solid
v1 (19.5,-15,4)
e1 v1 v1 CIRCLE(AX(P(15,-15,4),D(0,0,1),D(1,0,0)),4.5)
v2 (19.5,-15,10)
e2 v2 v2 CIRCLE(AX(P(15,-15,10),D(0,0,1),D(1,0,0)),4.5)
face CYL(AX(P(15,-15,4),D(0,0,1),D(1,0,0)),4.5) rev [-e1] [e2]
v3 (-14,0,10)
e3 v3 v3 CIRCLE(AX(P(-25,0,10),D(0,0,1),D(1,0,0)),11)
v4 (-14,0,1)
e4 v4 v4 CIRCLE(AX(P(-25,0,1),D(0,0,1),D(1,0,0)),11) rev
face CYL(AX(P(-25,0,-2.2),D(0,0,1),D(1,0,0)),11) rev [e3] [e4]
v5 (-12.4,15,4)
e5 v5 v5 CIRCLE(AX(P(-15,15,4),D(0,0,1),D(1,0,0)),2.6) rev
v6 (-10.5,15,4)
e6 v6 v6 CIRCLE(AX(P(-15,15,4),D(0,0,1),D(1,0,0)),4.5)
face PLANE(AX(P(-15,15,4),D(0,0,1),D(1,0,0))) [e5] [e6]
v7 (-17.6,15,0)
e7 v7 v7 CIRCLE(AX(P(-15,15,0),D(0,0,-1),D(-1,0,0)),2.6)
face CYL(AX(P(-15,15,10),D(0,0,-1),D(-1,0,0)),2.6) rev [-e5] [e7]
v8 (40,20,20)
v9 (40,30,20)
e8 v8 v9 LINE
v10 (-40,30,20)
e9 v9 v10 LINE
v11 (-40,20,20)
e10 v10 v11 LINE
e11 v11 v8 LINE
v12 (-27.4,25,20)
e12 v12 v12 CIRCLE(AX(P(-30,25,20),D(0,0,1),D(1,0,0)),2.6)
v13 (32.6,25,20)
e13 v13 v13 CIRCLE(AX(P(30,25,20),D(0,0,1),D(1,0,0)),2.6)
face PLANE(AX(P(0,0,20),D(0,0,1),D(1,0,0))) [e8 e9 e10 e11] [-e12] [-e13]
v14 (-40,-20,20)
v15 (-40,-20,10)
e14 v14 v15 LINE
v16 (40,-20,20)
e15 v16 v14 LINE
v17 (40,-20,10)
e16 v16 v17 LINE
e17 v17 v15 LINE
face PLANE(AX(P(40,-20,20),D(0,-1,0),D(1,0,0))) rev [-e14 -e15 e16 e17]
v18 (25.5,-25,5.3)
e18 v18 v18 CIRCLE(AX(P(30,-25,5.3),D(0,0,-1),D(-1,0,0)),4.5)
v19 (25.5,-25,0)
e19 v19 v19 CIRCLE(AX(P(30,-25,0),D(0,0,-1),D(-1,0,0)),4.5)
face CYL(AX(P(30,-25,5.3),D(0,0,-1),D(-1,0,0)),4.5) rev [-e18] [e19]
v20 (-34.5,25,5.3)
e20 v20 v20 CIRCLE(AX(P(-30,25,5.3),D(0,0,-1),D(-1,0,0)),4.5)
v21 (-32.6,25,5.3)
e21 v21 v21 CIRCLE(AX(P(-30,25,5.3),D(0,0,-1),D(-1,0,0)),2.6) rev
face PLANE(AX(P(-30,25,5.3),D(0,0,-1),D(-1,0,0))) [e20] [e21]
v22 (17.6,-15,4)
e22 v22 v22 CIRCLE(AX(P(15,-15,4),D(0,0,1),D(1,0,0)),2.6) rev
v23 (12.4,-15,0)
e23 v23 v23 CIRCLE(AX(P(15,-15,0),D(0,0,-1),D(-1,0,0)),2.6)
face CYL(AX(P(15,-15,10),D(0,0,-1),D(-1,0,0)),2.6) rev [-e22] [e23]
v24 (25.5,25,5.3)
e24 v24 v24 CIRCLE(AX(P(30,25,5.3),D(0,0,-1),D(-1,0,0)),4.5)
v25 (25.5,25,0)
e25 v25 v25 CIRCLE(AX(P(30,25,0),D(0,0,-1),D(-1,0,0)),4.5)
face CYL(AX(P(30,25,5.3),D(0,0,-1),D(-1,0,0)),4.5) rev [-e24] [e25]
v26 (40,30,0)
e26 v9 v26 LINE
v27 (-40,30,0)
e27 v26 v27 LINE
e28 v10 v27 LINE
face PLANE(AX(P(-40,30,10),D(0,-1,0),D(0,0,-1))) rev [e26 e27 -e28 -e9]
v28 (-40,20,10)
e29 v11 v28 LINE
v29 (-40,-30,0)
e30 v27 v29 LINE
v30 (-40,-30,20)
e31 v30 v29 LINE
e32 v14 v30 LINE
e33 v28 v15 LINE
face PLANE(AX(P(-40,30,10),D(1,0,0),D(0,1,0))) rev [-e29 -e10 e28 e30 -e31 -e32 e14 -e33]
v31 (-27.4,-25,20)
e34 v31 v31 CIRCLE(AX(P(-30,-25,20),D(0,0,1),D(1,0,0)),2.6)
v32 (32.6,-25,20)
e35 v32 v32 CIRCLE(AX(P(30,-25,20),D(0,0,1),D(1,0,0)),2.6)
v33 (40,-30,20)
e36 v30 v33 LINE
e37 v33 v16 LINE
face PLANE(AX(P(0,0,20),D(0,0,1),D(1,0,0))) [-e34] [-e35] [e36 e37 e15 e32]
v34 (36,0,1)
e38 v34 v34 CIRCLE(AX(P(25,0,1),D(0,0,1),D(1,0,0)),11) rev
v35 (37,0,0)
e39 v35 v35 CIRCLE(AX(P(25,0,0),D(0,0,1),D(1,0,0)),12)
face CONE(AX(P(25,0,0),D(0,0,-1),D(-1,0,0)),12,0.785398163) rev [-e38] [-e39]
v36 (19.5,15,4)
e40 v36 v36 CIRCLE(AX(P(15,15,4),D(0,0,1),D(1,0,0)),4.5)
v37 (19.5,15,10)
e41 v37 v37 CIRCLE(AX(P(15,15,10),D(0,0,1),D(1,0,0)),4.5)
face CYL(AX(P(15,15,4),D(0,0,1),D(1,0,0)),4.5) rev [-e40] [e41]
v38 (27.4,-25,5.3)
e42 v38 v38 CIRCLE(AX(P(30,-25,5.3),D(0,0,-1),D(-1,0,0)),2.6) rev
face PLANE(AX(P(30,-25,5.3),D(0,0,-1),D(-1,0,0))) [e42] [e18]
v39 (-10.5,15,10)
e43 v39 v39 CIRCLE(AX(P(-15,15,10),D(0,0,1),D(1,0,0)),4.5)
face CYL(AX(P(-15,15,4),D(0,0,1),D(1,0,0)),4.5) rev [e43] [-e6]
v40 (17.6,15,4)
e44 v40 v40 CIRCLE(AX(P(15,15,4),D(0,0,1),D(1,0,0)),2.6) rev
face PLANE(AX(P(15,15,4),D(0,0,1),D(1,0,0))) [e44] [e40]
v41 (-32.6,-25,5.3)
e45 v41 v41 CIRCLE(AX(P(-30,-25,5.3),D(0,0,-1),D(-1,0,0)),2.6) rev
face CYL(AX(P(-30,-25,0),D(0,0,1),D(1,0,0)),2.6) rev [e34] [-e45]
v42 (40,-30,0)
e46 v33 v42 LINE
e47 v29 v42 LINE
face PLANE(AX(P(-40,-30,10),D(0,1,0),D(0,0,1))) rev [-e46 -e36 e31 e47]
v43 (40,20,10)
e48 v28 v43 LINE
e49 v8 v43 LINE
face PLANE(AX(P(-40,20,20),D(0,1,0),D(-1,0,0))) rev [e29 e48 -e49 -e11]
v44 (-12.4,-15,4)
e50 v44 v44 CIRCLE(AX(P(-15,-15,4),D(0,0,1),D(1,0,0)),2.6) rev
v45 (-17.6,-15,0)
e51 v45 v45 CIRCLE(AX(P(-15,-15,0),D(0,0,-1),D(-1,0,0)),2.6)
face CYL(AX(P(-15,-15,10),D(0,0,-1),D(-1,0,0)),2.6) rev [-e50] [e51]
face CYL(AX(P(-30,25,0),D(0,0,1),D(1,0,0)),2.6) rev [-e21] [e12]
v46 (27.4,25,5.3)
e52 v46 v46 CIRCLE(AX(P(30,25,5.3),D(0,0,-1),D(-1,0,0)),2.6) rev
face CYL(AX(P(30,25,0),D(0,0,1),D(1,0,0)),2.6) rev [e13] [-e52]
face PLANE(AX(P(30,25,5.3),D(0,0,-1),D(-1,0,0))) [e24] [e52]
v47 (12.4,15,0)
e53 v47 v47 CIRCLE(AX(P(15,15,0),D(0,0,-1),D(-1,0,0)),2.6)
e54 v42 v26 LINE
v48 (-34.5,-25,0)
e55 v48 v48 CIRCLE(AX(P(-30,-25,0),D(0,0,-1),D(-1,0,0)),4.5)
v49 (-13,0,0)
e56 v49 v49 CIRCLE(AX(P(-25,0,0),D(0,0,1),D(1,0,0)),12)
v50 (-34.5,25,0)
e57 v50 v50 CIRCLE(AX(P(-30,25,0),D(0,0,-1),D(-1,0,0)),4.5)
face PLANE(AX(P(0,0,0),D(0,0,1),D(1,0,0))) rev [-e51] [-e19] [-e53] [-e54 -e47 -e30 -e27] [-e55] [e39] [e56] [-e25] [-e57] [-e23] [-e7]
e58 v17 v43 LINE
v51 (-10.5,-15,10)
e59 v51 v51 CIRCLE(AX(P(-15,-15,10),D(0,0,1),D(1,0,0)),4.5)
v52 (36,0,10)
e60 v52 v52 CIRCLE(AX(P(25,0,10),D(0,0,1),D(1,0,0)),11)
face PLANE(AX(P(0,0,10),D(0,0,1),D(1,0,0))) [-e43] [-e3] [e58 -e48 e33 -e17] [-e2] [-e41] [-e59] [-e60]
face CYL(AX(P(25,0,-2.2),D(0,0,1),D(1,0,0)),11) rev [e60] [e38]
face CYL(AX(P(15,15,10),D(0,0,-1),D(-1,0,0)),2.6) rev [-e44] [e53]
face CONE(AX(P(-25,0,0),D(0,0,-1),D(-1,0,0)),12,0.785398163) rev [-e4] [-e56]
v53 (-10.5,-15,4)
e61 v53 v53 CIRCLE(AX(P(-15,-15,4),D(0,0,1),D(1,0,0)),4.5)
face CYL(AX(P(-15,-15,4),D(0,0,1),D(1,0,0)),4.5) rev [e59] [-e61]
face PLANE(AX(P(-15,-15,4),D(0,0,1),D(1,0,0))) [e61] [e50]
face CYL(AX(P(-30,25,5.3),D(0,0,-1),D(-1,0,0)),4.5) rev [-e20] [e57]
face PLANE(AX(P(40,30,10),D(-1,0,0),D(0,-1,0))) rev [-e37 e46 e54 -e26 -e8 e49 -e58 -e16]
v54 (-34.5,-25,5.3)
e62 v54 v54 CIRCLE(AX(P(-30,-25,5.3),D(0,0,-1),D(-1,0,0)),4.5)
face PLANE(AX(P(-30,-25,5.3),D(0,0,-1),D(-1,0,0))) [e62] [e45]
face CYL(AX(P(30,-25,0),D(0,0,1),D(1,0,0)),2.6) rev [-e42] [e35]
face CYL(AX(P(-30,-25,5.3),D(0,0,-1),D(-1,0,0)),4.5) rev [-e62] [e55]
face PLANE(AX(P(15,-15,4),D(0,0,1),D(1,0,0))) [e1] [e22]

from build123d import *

# Parameters (mm, degrees)
SKIZZE1_W                       = 80
SKIZZE1_H                       = 60
AUFSATZ_LINEAR_AUSTRAGEN1_DEPTH = 10
SKIZZE2_W                       = 80
SKIZZE2_H                       = 10
AUFSATZ_LINEAR_AUSTRAGEN2_DEPTH = 10
SKIZZE5_R                       = 2.6
SCHNITT_LINEAR_AUSTRAGEN3_DEPTH = 20
SKIZZE6_R                       = 11
SCHNITT_LINEAR_AUSTRAGEN4_DEPTH = 12.2
FASE1_SIZE                      = 1
SKIZZE7_R                       = 4.5
SCHNITT_LINEAR_AUSTRAGEN5_DEPTH = 5.3
SKIZZE8_R                       = 2.6
SCHNITT_LINEAR_AUSTRAGEN6_DEPTH = 10
SKIZZE9_R                       = 4.5
SCHNITT_LINEAR_AUSTRAGEN7_DEPTH = 6


with BuildPart() as part:
    # Skizze1 → Aufsatz-Linear austragen1 (new body)
    with BuildSketch(Plane.XY):
        Rectangle(SKIZZE1_W, SKIZZE1_H)
    extrude(amount=AUFSATZ_LINEAR_AUSTRAGEN1_DEPTH)

    # Skizze2 → Aufsatz-Linear austragen2 (add)
    with BuildSketch(Plane.XY.offset(10)):
        with Locations((0, 25)):
            Rectangle(SKIZZE2_W, SKIZZE2_H)
        with Locations((0, -25)):
            Rectangle(SKIZZE2_W, SKIZZE2_H)
    extrude(amount=AUFSATZ_LINEAR_AUSTRAGEN2_DEPTH)

    # Skizze5 → Schnitt-Linear austragen3 (cut)
    with BuildSketch(Plane.XY.offset(20)):
        with Locations((30, 25)):
            Circle(SKIZZE5_R)
        with Locations((-30, 25)):
            Circle(SKIZZE5_R)
        with Locations((-30, -25)):
            Circle(SKIZZE5_R)
        with Locations((30, -25)):
            Circle(SKIZZE5_R)
    extrude(amount=-SCHNITT_LINEAR_AUSTRAGEN3_DEPTH, mode=Mode.SUBTRACT)

    # Skizze6 → Schnitt-Linear austragen4 (cut)
    with BuildSketch(Plane.XY.offset(10)):
        with Locations((-25, 0)):
            Circle(SKIZZE6_R)
        with Locations((25, 0)):
            Circle(SKIZZE6_R)
    extrude(amount=-SCHNITT_LINEAR_AUSTRAGEN4_DEPTH, mode=Mode.SUBTRACT)

    # Fase1
    fase1_edges = [part.edges().sort_by_distance(p)[0] for p in [
        (-36, 0, 0),
        (14, 0, 0),
    ]]
    chamfer(fase1_edges, length=FASE1_SIZE)

    # Skizze7 → Schnitt-Linear austragen5 (cut)
    with BuildSketch(Plane(origin=(0, 0, 0), x_dir=(-1, 0, 0), z_dir=(0, 0, -1))):
        with Locations((-30, 25)):
            Circle(SKIZZE7_R)
        with Locations((30, 25)):
            Circle(SKIZZE7_R)
        with Locations((30, -25)):
            Circle(SKIZZE7_R)
        with Locations((-30, -25)):
            Circle(SKIZZE7_R)
    extrude(amount=-SCHNITT_LINEAR_AUSTRAGEN5_DEPTH, mode=Mode.SUBTRACT)

    # Skizze8 → Schnitt-Linear austragen6 (cut)
    with BuildSketch(Plane(origin=(0, 0, 0), x_dir=(-1, 0, 0), z_dir=(0, 0, -1))):
        with Locations((-15, 15)):
            Circle(SKIZZE8_R)
        with Locations((15, 15)):
            Circle(SKIZZE8_R)
        with Locations((15, -15)):
            Circle(SKIZZE8_R)
        with Locations((-15, -15)):
            Circle(SKIZZE8_R)
    extrude(amount=-SCHNITT_LINEAR_AUSTRAGEN6_DEPTH, mode=Mode.SUBTRACT)

    # Skizze9 → Schnitt-Linear austragen7 (cut)
    with BuildSketch(Plane.XY.offset(10)):
        with Locations((15, 15)):
            Circle(SKIZZE9_R)
        with Locations((-15, 15)):
            Circle(SKIZZE9_R)
        with Locations((-15, -15)):
            Circle(SKIZZE9_R)
        with Locations((15, -15)):
            Circle(SKIZZE9_R)
    extrude(amount=-SCHNITT_LINEAR_AUSTRAGEN7_DEPTH, mode=Mode.SUBTRACT)


solid = part.part
